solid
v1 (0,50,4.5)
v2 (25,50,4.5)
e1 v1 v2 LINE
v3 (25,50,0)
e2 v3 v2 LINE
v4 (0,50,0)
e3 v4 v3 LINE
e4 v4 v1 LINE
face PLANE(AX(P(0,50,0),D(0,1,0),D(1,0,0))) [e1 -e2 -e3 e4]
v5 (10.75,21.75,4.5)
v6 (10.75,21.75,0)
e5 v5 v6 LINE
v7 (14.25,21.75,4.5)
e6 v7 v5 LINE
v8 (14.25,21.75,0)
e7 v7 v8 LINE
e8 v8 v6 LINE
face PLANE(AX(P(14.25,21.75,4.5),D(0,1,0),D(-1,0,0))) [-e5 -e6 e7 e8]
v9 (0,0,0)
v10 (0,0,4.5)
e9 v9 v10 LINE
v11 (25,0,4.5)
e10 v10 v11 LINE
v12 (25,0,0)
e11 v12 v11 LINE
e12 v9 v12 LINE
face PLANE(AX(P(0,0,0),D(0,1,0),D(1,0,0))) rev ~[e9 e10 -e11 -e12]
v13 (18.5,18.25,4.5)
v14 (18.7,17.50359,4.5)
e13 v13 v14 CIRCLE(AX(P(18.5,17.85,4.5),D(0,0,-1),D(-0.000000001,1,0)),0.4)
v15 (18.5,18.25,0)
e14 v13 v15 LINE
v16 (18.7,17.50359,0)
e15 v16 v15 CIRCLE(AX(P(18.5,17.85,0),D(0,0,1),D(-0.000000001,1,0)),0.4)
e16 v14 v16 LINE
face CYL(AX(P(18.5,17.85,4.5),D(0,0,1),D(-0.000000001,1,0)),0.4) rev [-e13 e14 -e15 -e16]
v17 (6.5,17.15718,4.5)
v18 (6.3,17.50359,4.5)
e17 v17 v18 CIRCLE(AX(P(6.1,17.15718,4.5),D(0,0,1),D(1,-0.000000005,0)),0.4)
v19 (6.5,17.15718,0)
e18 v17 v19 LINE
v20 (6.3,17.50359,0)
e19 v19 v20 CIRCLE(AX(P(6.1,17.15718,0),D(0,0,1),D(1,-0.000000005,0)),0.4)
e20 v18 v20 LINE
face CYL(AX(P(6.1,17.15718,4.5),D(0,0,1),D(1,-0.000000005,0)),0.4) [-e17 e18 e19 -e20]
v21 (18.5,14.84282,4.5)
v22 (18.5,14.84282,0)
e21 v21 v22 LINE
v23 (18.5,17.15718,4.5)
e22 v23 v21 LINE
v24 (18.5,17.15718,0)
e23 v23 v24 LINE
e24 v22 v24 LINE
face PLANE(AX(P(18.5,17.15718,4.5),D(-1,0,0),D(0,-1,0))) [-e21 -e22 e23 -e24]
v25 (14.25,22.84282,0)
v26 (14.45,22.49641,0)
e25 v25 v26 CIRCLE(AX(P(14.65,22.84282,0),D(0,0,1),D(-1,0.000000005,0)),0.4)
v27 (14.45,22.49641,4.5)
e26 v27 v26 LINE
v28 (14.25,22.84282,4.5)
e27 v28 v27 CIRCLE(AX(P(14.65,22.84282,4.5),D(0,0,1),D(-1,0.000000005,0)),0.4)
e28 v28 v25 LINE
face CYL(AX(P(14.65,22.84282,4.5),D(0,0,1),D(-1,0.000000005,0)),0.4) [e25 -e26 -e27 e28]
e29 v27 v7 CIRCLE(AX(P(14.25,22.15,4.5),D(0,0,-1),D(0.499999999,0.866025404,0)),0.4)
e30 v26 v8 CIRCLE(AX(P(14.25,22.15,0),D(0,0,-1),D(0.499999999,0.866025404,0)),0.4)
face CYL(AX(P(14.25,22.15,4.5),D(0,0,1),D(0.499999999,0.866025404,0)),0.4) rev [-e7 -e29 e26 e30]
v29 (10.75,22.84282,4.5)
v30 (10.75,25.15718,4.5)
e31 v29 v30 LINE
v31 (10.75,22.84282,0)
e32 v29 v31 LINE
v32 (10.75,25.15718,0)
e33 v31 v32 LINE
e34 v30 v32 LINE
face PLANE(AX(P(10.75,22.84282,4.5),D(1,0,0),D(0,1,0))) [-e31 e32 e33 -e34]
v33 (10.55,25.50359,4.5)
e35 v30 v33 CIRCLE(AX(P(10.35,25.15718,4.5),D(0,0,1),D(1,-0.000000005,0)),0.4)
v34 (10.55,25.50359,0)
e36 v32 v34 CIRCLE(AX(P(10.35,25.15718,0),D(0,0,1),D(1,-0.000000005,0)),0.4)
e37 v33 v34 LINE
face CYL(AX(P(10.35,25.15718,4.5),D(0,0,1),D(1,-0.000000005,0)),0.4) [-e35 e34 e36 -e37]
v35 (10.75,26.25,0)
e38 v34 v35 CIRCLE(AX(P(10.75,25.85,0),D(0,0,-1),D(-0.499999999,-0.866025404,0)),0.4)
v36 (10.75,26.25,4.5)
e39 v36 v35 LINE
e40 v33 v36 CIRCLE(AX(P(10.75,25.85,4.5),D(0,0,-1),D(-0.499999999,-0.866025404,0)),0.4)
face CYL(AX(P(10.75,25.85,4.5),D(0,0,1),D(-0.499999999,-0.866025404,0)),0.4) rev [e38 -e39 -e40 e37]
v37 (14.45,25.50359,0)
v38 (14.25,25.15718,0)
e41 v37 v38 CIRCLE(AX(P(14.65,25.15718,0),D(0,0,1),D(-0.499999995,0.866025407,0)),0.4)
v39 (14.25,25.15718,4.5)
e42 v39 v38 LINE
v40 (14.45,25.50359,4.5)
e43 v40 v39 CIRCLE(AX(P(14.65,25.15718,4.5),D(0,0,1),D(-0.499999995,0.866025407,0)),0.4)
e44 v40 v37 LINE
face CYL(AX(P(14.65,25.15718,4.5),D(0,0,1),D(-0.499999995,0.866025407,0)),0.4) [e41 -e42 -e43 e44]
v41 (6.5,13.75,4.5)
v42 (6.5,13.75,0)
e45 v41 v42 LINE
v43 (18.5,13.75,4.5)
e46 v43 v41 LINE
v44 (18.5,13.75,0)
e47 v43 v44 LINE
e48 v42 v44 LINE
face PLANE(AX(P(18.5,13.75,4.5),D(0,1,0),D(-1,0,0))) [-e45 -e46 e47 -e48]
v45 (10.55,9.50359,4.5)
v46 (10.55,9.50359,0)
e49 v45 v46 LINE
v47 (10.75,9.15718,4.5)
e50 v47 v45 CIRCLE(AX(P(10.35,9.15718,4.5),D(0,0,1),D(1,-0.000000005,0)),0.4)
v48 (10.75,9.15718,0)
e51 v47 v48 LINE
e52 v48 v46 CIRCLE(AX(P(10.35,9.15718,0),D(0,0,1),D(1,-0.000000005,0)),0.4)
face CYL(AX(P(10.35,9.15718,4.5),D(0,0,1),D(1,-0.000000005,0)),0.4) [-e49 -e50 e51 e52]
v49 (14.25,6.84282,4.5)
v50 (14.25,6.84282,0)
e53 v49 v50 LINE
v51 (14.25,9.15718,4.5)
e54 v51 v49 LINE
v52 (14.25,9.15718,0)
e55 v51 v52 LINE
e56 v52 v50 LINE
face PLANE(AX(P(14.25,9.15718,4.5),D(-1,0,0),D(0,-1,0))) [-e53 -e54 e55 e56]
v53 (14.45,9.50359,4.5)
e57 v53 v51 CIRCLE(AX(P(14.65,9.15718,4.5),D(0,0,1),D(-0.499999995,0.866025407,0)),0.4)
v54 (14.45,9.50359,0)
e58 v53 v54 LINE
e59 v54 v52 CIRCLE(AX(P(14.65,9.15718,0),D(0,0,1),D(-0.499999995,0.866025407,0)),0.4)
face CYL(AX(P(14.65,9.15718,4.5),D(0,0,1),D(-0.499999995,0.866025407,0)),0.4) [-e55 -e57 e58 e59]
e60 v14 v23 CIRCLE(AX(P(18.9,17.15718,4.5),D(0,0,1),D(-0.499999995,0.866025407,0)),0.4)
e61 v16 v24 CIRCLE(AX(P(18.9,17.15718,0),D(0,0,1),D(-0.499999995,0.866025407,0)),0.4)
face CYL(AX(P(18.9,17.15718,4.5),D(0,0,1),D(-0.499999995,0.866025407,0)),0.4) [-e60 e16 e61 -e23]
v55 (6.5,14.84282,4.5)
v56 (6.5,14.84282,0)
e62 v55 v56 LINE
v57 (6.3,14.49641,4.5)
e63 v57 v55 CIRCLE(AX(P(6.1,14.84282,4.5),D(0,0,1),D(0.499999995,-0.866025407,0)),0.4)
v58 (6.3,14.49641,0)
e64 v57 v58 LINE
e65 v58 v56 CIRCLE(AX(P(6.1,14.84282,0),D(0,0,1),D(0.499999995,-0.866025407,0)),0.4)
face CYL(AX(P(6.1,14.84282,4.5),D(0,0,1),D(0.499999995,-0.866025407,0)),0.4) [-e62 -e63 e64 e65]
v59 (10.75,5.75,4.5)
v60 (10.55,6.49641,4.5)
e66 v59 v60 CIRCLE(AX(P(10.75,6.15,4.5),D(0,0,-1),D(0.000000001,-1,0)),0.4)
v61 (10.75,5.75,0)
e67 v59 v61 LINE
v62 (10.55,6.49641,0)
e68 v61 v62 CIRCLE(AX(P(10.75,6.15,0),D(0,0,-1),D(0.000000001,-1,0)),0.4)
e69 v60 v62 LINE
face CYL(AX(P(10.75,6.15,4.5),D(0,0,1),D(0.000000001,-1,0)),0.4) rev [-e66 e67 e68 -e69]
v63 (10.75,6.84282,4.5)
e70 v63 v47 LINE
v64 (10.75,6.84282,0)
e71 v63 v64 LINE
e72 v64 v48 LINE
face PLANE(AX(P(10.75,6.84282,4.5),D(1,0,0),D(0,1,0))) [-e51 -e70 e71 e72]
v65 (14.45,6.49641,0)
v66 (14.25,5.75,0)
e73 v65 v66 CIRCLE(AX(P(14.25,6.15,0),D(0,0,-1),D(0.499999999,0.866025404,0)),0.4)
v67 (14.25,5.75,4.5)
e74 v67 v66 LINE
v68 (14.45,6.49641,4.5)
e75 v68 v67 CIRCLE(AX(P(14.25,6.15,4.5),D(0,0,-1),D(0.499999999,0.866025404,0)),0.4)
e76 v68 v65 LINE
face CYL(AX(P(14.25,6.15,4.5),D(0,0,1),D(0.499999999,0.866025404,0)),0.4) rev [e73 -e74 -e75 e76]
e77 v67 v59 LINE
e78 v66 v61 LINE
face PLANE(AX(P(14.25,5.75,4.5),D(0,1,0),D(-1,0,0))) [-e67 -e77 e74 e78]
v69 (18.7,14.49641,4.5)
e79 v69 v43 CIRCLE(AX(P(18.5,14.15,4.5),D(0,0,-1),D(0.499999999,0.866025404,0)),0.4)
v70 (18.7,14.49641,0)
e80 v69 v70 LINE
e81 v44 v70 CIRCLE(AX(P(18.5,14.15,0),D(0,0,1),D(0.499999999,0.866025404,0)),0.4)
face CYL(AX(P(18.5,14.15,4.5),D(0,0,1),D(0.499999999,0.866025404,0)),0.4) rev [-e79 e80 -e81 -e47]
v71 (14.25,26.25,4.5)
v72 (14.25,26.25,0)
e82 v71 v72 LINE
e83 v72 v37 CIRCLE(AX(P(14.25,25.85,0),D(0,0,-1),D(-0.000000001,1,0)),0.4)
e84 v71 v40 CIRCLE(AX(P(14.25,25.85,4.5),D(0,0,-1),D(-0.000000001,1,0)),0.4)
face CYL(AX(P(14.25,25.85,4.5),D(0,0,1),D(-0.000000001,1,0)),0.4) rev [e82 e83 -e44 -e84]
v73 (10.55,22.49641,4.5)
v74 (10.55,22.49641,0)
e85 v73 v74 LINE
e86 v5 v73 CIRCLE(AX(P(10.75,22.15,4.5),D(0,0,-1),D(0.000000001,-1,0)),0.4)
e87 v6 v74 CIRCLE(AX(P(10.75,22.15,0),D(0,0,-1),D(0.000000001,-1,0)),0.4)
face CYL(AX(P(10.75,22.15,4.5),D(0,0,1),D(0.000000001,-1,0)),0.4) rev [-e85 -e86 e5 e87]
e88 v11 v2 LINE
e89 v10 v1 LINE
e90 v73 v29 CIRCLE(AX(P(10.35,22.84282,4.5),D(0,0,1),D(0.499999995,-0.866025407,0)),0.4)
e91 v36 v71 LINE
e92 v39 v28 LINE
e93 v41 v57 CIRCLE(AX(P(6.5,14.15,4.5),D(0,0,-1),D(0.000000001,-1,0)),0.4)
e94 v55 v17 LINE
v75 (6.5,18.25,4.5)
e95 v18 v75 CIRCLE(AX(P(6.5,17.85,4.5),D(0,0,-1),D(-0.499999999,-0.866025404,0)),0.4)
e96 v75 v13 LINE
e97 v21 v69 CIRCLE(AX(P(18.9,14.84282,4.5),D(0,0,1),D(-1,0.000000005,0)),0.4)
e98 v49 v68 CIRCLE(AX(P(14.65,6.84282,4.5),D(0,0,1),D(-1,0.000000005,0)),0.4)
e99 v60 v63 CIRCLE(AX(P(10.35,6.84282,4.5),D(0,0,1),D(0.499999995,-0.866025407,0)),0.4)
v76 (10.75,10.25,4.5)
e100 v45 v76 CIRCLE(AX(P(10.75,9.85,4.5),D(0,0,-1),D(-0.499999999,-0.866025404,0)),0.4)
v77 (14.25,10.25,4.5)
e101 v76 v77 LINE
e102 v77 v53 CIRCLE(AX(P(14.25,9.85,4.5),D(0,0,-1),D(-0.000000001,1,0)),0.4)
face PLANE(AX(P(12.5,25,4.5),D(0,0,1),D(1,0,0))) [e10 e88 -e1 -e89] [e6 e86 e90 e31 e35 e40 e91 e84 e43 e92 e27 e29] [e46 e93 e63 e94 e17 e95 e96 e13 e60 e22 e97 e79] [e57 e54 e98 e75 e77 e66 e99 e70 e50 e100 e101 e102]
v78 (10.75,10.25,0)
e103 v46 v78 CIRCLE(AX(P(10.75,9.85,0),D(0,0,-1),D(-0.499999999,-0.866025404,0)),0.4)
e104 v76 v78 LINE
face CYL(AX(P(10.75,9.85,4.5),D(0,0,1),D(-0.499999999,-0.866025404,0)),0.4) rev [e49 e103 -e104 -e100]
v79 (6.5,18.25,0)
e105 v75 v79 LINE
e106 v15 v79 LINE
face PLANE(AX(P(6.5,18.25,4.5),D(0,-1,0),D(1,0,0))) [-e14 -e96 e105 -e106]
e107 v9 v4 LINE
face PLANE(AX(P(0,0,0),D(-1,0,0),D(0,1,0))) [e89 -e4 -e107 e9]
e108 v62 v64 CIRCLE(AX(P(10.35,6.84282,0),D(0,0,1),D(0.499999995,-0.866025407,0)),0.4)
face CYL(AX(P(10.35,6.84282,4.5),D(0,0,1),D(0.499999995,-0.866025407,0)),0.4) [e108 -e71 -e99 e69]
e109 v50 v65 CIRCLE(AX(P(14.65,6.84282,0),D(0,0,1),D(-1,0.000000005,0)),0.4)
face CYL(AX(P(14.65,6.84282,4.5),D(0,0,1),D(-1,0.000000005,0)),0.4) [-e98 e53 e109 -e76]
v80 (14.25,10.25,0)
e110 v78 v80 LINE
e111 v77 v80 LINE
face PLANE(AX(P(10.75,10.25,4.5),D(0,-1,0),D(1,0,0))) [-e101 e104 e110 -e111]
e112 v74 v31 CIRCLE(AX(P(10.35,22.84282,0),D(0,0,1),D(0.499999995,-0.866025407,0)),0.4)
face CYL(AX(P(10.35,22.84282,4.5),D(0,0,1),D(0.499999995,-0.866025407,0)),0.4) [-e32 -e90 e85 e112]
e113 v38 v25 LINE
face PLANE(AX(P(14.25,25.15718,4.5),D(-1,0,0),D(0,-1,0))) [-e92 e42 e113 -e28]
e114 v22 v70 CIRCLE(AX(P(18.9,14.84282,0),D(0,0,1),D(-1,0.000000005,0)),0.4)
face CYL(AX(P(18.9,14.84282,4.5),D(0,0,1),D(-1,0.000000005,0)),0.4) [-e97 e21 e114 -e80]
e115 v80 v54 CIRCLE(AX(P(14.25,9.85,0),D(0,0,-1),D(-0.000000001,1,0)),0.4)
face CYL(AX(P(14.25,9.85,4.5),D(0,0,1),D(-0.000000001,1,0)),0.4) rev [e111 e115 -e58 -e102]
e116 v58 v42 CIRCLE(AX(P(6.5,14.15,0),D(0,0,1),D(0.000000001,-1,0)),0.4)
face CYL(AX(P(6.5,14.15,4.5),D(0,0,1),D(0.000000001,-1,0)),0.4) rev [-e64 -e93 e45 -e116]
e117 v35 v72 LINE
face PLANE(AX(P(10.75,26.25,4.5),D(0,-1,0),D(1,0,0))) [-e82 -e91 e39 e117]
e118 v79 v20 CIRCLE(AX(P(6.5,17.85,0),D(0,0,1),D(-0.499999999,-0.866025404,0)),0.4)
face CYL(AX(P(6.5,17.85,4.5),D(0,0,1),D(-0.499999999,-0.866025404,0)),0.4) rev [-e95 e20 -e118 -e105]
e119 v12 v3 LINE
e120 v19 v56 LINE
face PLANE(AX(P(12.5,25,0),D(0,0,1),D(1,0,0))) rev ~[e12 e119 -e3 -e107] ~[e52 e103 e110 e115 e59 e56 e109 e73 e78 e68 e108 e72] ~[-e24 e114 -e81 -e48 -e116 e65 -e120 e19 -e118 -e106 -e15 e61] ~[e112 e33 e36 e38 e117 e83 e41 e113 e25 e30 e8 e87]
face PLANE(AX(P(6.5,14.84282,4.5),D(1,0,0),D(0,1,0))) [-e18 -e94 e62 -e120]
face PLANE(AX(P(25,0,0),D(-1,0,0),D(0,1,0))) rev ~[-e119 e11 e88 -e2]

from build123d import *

# Parameters (mm, degrees)
SKETCH1_W           = 25
SKETCH1_H           = 50
BOSS_EXTRUDE1_DEPTH = 4.5
CUT_EXTRUDE1_DEPTH  = 4.5
LPATTERN1_COUNT     = 2
LPATTERN1_PITCH     = 16
CUT_EXTRUDE2_REACH  = 6.5


with BuildPart() as part:
    # Sketch1 → Boss-Extrude1 (new body)
    with BuildSketch(Plane.XY):
        with Locations((12.5, 25)):
            Rectangle(SKETCH1_W, SKETCH1_H)
    extrude(amount=BOSS_EXTRUDE1_DEPTH)

    # Sketch2 → Cut-Extrude1 (cut)
    with BuildSketch(Plane.XY.offset(4.5)):
        with BuildLine():
            Line((12.5, 10.25), (14.25, 10.25))
            ThreePointArc((14.25, 10.25), (14.636370331, 9.953527618), (14.45, 9.503589838))
            ThreePointArc((14.45, 9.503589838), (14.303589838, 9.357179677), (14.25, 9.157179677))
            Line((14.25, 9.157179677), (14.25, 8))
            Line((14.25, 8), (14.25, 6.842820323))
            ThreePointArc((14.25, 6.842820323), (14.303589838, 6.642820323), (14.45, 6.496410162))
            ThreePointArc((14.45, 6.496410162), (14.636370331, 6.046472382), (14.25, 5.75))
            Line((14.25, 5.75), (12.5, 5.75))
            Line((12.5, 5.75), (10.75, 5.75))
            ThreePointArc((10.75, 5.75), (10.363629669, 6.046472382), (10.55, 6.496410162))
            ThreePointArc((10.55, 6.496410162), (10.696410162, 6.642820323), (10.75, 6.842820323))
            Line((10.75, 6.842820323), (10.75, 8))
            Line((10.75, 8), (10.75, 9.157179677))
            ThreePointArc((10.75, 9.157179677), (10.696410162, 9.357179677), (10.55, 9.503589838))
            ThreePointArc((10.55, 9.503589838), (10.363629669, 9.953527618), (10.75, 10.25))
            Line((10.75, 10.25), (12.5, 10.25))
        make_face()
    cut_extrude1 = extrude(amount=-CUT_EXTRUDE1_DEPTH, mode=Mode.SUBTRACT)

    # LPattern1: Cut-Extrude1 ×2
    with Locations(*[(0, i * LPATTERN1_PITCH, 0) for i in range(1, LPATTERN1_COUNT)]):
        add(cut_extrude1, mode=Mode.SUBTRACT)

    # Sketch3 → Cut-Extrude2 (cut, up to next)
    with BuildSketch(Plane.XY.offset(4.5), mode=Mode.PRIVATE) as cut_extrude2_sk1:
        with BuildLine():
            Line((6.5, 18.25), (18.5, 18.25))
            ThreePointArc((18.5, 18.25), (18.886370331, 17.953527618), (18.7, 17.503589838))
            ThreePointArc((18.7, 17.503589838), (18.553589838, 17.357179677), (18.5, 17.157179677))
            Line((18.5, 17.157179677), (18.5, 14.842820323))
            ThreePointArc((18.5, 14.842820323), (18.553589838, 14.642820323), (18.7, 14.496410162))
            ThreePointArc((18.7, 14.496410162), (18.886370331, 14.046472382), (18.5, 13.75))
            Line((18.5, 13.75), (6.5, 13.75))
            ThreePointArc((6.5, 13.75), (6.113629669, 14.046472382), (6.3, 14.496410162))
            ThreePointArc((6.3, 14.496410162), (6.446410162, 14.642820323), (6.5, 14.842820323))
            Line((6.5, 14.842820323), (6.5, 17.157179677))
            ThreePointArc((6.5, 17.157179677), (6.446410162, 17.357179677), (6.3, 17.503589838))
            ThreePointArc((6.3, 17.503589838), (6.113629669, 17.953527618), (6.5, 18.25))
        make_face()
    cut_extrude2_tool1 = extrude(cut_extrude2_sk1.sketch, amount=-CUT_EXTRUDE2_REACH, mode=Mode.PRIVATE) & part.part
    add(cut_extrude2_tool1.solids().sort_by_distance((12.5, 16, 4.5))[0], mode=Mode.SUBTRACT)


solid = part.part
